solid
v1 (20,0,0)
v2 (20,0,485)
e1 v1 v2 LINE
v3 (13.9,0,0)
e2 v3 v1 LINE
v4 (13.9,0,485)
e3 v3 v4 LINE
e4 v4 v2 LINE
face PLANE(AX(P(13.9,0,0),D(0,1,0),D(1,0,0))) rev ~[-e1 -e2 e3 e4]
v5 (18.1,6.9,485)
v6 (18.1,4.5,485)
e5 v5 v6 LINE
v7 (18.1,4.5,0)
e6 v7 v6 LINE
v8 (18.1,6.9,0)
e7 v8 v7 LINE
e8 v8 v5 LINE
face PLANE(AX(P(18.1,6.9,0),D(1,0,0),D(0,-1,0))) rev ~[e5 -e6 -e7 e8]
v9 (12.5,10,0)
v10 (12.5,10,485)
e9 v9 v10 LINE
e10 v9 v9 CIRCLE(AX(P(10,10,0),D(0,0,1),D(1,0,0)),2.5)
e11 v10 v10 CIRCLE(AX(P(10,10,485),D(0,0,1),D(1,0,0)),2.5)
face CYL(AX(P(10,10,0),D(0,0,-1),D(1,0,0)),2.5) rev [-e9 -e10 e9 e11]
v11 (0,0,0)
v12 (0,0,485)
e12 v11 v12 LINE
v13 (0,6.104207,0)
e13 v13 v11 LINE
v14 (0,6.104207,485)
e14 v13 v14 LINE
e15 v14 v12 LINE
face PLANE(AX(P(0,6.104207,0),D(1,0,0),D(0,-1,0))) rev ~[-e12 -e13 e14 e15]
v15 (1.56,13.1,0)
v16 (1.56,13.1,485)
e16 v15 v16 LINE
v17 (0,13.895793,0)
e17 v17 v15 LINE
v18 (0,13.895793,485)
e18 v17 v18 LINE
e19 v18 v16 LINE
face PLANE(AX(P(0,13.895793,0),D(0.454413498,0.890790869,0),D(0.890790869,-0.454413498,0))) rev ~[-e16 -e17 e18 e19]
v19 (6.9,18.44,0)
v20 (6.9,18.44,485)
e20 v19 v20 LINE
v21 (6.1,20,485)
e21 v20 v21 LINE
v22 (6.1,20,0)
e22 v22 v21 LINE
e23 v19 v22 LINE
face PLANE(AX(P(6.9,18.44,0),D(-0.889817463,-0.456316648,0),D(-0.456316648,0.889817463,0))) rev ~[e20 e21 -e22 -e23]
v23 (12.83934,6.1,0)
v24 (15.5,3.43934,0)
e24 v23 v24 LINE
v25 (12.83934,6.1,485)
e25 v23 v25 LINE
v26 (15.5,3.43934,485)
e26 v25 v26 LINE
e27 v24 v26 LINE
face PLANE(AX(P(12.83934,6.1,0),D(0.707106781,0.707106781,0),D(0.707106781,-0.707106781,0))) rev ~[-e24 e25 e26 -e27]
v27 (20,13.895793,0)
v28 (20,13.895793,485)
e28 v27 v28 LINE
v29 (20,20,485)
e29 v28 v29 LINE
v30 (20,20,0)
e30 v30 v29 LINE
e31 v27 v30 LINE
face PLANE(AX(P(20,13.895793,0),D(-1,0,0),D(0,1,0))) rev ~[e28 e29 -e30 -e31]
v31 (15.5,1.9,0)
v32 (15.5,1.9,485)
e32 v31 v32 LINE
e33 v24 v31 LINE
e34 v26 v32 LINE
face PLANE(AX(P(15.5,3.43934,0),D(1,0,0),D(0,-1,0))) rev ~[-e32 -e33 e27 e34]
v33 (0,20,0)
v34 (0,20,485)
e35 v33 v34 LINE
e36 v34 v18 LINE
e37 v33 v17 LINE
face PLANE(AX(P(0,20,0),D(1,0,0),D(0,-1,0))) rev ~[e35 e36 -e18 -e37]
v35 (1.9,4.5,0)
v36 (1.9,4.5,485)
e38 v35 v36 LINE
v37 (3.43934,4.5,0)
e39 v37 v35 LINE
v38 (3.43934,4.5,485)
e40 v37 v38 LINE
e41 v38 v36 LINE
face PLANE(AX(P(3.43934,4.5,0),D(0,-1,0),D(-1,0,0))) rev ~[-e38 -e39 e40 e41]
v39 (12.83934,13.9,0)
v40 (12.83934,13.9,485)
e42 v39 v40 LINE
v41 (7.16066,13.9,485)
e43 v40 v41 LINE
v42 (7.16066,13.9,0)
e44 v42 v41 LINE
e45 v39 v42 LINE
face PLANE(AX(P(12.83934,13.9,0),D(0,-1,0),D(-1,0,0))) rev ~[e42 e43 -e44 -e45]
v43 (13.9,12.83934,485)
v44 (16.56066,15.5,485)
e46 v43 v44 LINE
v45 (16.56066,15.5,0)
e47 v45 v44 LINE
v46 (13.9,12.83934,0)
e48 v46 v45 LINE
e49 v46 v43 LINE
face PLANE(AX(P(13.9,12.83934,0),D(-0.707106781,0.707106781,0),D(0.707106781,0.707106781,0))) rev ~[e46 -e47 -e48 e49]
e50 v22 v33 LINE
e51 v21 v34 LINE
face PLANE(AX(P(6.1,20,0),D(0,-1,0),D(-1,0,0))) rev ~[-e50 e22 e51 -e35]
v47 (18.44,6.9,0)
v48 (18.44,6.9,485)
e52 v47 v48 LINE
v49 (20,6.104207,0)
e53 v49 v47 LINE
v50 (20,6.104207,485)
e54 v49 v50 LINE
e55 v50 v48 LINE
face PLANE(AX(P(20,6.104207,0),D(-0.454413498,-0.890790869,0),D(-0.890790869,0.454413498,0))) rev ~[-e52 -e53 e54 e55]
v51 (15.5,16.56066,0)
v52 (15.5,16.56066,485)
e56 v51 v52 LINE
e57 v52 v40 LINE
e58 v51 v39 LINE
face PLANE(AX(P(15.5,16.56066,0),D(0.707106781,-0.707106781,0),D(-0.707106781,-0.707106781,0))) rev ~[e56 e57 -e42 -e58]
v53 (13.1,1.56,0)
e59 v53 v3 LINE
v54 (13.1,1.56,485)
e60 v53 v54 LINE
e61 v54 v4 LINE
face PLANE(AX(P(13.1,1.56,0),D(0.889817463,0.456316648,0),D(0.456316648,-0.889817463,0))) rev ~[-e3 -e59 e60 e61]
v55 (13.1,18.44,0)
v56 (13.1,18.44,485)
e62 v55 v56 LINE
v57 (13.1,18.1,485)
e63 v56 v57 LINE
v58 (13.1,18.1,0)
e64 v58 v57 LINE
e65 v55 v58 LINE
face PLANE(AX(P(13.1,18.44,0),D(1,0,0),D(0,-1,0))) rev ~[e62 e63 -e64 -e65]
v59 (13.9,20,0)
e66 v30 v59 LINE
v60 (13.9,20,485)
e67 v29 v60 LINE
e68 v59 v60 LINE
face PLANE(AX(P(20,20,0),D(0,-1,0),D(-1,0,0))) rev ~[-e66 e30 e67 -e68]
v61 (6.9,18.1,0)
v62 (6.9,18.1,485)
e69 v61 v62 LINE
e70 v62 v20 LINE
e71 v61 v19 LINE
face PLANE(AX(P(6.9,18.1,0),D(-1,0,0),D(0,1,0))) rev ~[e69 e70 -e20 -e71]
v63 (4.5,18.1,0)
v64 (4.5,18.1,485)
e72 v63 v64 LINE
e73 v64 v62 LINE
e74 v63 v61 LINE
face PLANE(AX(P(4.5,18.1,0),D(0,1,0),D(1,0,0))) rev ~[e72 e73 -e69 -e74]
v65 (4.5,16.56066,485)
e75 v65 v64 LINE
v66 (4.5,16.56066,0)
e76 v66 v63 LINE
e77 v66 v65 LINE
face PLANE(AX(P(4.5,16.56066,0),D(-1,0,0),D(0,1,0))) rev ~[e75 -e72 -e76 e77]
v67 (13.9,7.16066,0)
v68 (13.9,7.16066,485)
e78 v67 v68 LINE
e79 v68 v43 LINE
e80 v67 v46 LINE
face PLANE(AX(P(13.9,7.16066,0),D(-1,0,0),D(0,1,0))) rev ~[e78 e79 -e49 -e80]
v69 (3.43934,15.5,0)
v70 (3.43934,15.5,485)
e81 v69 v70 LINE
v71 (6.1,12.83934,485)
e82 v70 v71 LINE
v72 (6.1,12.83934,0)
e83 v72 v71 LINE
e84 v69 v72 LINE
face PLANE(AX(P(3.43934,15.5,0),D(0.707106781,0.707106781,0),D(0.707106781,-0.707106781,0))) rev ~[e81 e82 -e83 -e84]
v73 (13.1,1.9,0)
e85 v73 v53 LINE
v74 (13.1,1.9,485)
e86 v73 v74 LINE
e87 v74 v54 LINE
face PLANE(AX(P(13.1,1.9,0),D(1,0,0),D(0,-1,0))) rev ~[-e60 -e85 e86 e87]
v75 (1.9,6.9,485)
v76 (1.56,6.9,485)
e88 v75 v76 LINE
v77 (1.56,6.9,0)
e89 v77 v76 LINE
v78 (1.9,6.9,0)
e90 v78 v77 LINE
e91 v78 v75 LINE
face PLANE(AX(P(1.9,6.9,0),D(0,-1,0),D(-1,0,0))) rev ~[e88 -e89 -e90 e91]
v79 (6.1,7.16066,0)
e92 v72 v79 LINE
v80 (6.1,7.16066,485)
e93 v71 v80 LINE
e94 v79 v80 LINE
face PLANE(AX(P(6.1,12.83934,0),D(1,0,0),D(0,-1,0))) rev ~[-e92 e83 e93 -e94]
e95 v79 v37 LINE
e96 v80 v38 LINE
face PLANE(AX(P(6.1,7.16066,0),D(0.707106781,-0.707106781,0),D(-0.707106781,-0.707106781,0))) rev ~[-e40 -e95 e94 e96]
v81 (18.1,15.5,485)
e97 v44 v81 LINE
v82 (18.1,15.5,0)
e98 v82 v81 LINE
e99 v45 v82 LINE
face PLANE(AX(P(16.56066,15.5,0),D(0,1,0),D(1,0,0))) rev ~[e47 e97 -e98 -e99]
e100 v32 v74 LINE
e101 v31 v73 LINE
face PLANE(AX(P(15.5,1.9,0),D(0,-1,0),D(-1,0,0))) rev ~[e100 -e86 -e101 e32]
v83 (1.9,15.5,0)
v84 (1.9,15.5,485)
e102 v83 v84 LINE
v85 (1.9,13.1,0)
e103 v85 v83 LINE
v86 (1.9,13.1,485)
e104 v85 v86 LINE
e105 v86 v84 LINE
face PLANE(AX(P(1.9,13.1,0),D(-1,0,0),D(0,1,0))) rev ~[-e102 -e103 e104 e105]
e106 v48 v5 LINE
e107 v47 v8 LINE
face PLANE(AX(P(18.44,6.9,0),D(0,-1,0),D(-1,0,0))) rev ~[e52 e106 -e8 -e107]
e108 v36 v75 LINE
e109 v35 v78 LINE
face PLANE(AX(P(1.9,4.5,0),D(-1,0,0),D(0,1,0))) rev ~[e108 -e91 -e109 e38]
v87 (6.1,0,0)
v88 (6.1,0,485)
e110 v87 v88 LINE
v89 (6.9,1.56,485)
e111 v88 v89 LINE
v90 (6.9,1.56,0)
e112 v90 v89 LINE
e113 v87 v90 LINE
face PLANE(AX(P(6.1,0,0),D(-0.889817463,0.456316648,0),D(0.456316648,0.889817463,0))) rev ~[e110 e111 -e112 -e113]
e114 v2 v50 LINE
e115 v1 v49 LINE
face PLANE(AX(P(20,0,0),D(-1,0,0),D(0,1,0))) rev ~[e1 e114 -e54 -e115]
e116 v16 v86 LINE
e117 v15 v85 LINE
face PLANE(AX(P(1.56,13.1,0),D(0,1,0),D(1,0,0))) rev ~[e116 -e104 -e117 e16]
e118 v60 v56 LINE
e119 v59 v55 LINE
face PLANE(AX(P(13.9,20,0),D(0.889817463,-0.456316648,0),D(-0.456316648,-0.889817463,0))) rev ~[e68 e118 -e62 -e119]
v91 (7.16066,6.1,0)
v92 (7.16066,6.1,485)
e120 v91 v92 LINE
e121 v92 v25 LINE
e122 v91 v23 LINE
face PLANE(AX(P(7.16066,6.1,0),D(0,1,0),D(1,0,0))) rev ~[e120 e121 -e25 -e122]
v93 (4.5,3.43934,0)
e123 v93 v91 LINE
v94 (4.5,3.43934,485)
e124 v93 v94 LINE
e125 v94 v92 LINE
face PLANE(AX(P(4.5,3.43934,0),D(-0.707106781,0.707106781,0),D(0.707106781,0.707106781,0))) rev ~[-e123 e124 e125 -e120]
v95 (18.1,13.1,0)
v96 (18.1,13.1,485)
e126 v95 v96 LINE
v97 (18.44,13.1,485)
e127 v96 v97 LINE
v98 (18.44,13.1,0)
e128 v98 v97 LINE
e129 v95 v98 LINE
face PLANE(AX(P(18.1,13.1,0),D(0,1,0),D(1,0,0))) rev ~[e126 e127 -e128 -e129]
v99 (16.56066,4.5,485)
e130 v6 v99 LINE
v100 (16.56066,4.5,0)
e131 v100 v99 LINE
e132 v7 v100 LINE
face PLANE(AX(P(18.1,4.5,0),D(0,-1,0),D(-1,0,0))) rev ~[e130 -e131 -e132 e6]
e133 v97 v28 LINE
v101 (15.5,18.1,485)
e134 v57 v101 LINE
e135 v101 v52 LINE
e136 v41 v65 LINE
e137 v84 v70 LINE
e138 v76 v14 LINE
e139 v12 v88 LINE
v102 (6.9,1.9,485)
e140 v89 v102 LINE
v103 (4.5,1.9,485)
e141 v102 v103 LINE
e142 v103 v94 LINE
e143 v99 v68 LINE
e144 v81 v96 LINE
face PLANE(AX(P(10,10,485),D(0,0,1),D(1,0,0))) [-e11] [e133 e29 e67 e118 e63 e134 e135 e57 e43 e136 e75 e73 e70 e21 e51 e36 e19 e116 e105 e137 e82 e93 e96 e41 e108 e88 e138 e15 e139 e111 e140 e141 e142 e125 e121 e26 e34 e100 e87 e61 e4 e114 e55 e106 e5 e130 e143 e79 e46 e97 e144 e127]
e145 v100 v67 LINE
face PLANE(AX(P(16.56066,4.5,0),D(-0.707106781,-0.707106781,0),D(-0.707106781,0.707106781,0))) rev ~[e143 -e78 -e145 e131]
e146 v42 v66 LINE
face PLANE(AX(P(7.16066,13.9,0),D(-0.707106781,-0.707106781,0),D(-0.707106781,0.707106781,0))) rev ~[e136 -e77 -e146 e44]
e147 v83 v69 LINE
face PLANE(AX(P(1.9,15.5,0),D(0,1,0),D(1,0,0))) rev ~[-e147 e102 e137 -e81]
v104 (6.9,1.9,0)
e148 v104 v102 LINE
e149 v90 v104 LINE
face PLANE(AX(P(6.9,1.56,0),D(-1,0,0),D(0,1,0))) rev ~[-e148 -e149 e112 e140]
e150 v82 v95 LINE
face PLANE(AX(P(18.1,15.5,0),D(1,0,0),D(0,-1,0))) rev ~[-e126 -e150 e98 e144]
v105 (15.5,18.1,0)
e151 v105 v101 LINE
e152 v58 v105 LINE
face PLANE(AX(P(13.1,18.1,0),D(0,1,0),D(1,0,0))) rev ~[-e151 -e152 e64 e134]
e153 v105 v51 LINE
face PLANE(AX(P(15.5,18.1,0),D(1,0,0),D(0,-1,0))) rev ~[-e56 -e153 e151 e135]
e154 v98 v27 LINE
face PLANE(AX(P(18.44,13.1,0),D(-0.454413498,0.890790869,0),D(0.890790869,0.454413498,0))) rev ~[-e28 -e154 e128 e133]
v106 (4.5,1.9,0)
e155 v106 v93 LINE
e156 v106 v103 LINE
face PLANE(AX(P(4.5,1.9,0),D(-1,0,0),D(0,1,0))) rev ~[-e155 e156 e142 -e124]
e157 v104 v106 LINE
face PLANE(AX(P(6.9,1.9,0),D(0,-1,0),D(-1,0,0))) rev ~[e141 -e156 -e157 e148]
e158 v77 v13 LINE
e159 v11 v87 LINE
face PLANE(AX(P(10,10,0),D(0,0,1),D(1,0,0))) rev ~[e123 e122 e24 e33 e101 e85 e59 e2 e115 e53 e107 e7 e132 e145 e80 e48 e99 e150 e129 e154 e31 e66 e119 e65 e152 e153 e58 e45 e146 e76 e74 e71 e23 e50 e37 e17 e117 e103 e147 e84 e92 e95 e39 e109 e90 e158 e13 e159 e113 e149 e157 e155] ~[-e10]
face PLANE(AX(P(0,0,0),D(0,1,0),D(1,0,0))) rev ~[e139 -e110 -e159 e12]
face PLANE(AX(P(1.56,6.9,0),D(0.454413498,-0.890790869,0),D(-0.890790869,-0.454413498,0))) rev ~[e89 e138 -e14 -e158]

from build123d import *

# Parameters (mm, degrees)
SKETCH1_R           = 2.5
BOSS_EXTRUDE1_DEPTH = 485


with BuildPart() as part:
    # Sketch1 → Boss-Extrude1 (new body)
    with BuildSketch(Plane.XY):
        Polygon((6.1, 20), (0, 20), (0, 13.895792909), (1.56, 13.1), (1.9, 13.1), (1.9, 15.5), (3.439339828, 15.5), (6.1, 12.839339828), (6.1, 7.160660172), (3.439339828, 4.5), (1.9, 4.5), (1.9, 6.9), (1.56, 6.9), (0, 6.104207091), (0, 0), (6.1, 0), (6.9, 1.56), (6.9, 1.9), (4.5, 1.9), (4.5, 3.439339828), (7.160660172, 6.1), (12.839339828, 6.1), (15.5, 3.439339828), (15.5, 1.9), (13.1, 1.9), (13.1, 1.56), (13.9, 0), (20, 0), (20, 6.104207091), (18.44, 6.9), (18.1, 6.9), (18.1, 4.5), (16.560660172, 4.5), (13.9, 7.160660172), (13.9, 12.839339828), (16.560660172, 15.5), (18.1, 15.5), (18.1, 13.1), (18.44, 13.1), (20, 13.895792909), (20, 20), (13.9, 20), (13.1, 18.44), (13.1, 18.1), (15.5, 18.1), (15.5, 16.560660172), (12.839339828, 13.9), (7.160660172, 13.9), (4.5, 16.560660172), (4.5, 18.1), (6.9, 18.1), (6.9, 18.44), align=None)
        with Locations((10, 10)):
            Circle(SKETCH1_R, mode=Mode.SUBTRACT)
    extrude(amount=BOSS_EXTRUDE1_DEPTH)


solid = part.part
